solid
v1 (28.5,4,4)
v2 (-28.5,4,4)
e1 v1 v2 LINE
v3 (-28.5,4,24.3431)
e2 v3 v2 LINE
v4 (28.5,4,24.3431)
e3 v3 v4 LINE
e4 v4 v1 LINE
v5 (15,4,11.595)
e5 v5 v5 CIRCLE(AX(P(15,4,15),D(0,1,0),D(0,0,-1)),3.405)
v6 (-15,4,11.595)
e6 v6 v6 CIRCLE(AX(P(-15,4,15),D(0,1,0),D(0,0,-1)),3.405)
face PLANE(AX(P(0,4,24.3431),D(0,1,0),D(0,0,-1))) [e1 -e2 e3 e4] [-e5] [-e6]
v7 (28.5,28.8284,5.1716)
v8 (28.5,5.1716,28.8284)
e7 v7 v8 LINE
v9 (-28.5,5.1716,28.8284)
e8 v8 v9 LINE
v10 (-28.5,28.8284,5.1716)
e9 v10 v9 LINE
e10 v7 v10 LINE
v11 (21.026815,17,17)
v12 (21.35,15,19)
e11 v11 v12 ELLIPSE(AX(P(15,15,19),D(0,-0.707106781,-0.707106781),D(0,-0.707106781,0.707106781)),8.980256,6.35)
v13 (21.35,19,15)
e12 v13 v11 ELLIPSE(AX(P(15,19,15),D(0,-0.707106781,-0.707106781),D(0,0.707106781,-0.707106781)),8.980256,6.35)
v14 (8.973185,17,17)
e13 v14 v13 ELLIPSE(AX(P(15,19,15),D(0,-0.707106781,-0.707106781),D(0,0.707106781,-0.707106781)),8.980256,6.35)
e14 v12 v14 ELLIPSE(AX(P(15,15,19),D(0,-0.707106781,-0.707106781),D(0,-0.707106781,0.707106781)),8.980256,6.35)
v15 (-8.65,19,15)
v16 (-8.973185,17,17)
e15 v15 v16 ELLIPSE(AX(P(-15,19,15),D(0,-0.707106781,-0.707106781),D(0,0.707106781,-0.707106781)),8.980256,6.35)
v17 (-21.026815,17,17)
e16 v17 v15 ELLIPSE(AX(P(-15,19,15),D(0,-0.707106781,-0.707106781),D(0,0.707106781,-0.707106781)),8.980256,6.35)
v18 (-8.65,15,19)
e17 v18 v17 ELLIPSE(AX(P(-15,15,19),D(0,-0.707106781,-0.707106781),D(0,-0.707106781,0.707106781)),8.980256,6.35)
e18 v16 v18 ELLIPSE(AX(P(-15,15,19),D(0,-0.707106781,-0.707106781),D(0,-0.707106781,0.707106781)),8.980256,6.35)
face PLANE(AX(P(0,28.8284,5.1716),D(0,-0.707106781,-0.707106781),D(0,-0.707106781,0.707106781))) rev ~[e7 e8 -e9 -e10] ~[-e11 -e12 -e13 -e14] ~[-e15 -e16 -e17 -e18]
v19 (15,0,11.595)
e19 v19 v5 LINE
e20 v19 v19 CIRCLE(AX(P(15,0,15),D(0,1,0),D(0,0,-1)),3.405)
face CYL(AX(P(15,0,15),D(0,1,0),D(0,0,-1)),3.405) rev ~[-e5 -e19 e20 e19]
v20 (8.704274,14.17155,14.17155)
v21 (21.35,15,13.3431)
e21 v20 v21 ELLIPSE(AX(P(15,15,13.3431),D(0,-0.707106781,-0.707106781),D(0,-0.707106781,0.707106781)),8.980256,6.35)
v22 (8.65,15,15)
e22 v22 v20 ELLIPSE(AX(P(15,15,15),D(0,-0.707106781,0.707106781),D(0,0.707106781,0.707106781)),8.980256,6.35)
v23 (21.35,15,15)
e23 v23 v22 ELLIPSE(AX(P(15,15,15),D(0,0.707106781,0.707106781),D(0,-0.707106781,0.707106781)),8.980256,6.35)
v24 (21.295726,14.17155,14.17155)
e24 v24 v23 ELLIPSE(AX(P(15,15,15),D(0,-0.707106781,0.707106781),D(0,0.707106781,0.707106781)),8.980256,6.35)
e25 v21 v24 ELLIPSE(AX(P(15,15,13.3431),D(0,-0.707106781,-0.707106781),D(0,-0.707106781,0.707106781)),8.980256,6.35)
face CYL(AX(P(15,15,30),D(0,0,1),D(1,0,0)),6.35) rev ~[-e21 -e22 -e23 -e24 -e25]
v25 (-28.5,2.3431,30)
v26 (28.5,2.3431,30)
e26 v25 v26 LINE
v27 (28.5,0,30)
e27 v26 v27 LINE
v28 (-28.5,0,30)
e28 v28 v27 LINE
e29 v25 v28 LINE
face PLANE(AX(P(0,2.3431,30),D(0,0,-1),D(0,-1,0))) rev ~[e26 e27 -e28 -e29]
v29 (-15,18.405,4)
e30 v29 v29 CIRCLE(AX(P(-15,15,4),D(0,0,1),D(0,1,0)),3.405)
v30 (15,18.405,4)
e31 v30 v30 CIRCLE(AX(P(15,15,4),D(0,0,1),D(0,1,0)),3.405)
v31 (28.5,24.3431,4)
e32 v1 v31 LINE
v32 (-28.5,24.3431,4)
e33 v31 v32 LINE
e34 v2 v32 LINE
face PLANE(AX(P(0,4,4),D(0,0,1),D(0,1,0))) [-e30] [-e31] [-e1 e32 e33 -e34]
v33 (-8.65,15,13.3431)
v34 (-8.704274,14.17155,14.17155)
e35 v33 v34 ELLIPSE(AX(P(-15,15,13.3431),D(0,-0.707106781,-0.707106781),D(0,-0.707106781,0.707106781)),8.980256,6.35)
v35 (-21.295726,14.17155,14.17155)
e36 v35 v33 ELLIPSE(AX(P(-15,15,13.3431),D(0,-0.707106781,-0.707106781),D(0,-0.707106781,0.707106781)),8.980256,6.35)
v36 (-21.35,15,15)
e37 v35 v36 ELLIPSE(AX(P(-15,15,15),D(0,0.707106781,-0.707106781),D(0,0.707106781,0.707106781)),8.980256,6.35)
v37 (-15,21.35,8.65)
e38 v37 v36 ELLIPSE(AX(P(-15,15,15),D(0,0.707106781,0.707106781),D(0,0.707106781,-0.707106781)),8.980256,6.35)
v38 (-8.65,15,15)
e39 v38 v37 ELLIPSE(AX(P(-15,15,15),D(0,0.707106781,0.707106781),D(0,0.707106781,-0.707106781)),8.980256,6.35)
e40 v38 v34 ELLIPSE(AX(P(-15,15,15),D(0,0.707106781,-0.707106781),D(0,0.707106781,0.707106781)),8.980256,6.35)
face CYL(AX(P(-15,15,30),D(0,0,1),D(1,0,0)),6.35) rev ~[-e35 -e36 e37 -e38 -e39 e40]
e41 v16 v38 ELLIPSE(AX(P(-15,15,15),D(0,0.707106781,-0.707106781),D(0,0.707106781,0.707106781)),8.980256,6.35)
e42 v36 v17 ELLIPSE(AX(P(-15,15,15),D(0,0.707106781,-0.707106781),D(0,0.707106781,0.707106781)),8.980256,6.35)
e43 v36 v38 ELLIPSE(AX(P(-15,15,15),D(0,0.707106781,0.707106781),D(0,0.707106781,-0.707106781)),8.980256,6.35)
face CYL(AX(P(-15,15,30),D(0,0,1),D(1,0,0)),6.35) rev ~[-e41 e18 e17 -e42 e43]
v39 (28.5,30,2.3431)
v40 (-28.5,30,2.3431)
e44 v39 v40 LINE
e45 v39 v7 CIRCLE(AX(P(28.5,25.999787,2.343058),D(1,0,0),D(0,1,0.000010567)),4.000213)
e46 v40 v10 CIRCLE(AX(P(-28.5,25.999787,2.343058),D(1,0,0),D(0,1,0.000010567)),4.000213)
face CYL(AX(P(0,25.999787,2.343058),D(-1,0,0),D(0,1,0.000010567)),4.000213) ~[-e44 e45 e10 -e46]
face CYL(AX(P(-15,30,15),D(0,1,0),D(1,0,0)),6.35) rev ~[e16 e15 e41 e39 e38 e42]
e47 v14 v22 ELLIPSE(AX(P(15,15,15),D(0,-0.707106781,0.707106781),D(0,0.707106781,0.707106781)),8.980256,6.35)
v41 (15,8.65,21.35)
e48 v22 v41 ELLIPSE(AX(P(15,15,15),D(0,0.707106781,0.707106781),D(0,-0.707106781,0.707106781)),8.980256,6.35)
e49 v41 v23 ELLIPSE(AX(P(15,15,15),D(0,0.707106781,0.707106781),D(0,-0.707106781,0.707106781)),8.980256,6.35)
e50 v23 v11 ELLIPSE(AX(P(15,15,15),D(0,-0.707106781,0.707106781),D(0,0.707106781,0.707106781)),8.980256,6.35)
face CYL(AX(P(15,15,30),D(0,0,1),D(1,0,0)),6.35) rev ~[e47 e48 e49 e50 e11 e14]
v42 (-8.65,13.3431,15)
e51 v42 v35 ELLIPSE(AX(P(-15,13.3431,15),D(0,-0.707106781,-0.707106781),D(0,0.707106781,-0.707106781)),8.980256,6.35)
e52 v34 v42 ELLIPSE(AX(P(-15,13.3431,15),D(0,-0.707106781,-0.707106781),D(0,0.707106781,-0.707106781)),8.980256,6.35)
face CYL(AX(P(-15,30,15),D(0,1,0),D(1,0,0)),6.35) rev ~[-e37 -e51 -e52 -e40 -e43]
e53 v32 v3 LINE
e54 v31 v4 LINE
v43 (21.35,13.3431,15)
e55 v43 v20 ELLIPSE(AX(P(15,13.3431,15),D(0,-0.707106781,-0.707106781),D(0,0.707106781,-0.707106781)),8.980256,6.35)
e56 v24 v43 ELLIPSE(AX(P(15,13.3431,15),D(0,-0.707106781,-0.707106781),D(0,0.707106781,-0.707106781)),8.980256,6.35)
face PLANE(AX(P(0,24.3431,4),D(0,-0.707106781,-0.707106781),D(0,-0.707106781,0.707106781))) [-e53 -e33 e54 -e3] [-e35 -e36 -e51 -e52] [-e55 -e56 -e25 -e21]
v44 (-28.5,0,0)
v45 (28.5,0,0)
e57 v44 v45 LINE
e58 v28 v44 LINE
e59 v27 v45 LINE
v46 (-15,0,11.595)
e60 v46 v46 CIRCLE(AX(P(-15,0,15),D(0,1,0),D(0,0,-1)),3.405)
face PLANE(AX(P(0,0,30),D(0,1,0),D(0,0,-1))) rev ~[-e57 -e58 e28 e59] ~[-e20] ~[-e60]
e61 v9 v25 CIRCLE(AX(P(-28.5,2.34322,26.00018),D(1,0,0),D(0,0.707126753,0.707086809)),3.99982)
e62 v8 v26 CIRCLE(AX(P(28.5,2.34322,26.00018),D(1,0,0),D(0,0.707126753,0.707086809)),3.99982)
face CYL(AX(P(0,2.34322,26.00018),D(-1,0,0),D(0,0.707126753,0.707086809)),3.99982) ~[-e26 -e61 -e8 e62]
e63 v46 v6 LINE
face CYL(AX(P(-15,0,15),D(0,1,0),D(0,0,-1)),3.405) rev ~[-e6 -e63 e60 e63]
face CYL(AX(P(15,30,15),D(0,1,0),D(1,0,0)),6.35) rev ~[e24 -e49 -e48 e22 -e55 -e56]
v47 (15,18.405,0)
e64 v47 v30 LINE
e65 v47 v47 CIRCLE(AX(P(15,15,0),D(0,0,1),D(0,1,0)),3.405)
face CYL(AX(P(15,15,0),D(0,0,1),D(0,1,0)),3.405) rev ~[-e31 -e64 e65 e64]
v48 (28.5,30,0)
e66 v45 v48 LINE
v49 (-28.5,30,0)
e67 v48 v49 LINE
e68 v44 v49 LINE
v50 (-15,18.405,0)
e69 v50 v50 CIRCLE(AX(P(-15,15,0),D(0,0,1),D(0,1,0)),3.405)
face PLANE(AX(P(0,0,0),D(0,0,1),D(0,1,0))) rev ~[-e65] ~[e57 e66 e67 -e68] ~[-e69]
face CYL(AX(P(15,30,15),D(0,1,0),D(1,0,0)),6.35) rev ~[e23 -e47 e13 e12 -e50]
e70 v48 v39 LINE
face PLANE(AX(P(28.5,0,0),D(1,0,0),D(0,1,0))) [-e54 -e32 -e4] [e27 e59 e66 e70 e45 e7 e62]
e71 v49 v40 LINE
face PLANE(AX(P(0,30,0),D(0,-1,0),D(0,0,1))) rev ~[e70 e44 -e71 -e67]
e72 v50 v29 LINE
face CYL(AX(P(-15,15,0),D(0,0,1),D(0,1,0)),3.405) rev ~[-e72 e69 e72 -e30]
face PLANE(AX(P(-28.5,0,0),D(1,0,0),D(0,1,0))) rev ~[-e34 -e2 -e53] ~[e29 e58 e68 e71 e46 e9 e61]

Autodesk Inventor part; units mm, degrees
ref_plane "YZ Plane" through (0, 0, 0) normal (1, 0, 0) x (0, 1, 0)
ref_plane "XZ Plane" through (0, 0, 0) normal (0, 1, 0) x (-1, 0, 0)
ref_plane "XY Plane" through (0, 0, 0) normal (0, 0, 1) x (1, 0, 0)
sketch "Sketch_1" plane through (0, 0, 0) normal (1, 0, 0) x (0, 1, 0)
  line L0 (2.3431, 30) -> (0, 30)
  line L1 (0, 30) -> (0, 0)
  line L2 (0, 0) -> (30, 0)
  line L3 (30, 0) -> (30, 2.3431)
  arc A0 (30, 2.3431) -> (28.8284, 5.1716) centre (26, 2.3431) ccw
  line L4 (28.8284, 5.1716) -> (5.1716, 28.8284)
  arc A1 (5.1716, 28.8284) -> (2.3431, 30) centre (2.3431, 26) ccw
  line L5 (4, 24.3431) -> (4, 4)
  line L6 (4, 4) -> (24.3431, 4)
  line L7 (24.3431, 4) -> (4, 24.3431)
extrude "Extrusion1" add sketch "Sketch_1" along normal mid plane 57
sketch "Sketch2" plane through (-28.5, 0, 0) normal (0, -1, 0) x (1, 0, 0)
  point P0 (43.5, 15)
hole "Hole1" at (15, 0, 15) direction (0, 1, 0) diameter 6.81 depth 4
sketch "Sketch3" plane through (28.5, 30, 0) normal (0, 0, -1) x (-1, 0, 0)
  point P0 (13.5, -15)
hole "Hole2" at (15, 15, 0) direction (0, 0, 1) diameter 6.81 depth 4
sketch "Sketch_4" plane through (0, 0, 30) normal (0, 0, 1) x (1, 0, 0)
  circle A0 centre (15, 15) radius 6.35
extrude "Extrusion2" cut sketch "Sketch_4" against normal blind 26
sketch "Sketch_5" plane through (0, 30, 0) normal (0, 1, 0) x (1, 0, 0)
  circle A0 centre (15, -15) radius 6.35
extrude "Extrusion3" cut sketch "Sketch_5" against normal blind 26
sketch "Sketch6" plane through (28.5, 30, 0) normal (0, 0, -1) x (-1, 0, 0)
  point P0 (43.5, -15)
hole "Hole3" at (-15, 15, 0) direction (0, 0, 1) diameter 6.81 depth 4
sketch "Sketch7" plane through (-28.5, 0, 0) normal (0, -1, 0) x (1, 0, 0)
  point P0 (13.5, 15)
hole "Hole4" at (-15, 0, 15) direction (0, 1, 0) diameter 6.81 depth 4
sketch "Sketch_8" plane through (0, 30, 0) normal (0, 1, 0) x (1, 0, 0)
  circle A0 centre (-15, -15) radius 6.35
extrude "Extrusion4" cut sketch "Sketch_8" against normal blind 26
sketch "Sketch_9" plane through (0, 0, 30) normal (0, 0, 1) x (1, 0, 0)
  circle A0 centre (-15, 15) radius 6.35
extrude "Extrusion5" cut sketch "Sketch_9" against normal blind 26
properties part number "30-4134 Aluminum"
